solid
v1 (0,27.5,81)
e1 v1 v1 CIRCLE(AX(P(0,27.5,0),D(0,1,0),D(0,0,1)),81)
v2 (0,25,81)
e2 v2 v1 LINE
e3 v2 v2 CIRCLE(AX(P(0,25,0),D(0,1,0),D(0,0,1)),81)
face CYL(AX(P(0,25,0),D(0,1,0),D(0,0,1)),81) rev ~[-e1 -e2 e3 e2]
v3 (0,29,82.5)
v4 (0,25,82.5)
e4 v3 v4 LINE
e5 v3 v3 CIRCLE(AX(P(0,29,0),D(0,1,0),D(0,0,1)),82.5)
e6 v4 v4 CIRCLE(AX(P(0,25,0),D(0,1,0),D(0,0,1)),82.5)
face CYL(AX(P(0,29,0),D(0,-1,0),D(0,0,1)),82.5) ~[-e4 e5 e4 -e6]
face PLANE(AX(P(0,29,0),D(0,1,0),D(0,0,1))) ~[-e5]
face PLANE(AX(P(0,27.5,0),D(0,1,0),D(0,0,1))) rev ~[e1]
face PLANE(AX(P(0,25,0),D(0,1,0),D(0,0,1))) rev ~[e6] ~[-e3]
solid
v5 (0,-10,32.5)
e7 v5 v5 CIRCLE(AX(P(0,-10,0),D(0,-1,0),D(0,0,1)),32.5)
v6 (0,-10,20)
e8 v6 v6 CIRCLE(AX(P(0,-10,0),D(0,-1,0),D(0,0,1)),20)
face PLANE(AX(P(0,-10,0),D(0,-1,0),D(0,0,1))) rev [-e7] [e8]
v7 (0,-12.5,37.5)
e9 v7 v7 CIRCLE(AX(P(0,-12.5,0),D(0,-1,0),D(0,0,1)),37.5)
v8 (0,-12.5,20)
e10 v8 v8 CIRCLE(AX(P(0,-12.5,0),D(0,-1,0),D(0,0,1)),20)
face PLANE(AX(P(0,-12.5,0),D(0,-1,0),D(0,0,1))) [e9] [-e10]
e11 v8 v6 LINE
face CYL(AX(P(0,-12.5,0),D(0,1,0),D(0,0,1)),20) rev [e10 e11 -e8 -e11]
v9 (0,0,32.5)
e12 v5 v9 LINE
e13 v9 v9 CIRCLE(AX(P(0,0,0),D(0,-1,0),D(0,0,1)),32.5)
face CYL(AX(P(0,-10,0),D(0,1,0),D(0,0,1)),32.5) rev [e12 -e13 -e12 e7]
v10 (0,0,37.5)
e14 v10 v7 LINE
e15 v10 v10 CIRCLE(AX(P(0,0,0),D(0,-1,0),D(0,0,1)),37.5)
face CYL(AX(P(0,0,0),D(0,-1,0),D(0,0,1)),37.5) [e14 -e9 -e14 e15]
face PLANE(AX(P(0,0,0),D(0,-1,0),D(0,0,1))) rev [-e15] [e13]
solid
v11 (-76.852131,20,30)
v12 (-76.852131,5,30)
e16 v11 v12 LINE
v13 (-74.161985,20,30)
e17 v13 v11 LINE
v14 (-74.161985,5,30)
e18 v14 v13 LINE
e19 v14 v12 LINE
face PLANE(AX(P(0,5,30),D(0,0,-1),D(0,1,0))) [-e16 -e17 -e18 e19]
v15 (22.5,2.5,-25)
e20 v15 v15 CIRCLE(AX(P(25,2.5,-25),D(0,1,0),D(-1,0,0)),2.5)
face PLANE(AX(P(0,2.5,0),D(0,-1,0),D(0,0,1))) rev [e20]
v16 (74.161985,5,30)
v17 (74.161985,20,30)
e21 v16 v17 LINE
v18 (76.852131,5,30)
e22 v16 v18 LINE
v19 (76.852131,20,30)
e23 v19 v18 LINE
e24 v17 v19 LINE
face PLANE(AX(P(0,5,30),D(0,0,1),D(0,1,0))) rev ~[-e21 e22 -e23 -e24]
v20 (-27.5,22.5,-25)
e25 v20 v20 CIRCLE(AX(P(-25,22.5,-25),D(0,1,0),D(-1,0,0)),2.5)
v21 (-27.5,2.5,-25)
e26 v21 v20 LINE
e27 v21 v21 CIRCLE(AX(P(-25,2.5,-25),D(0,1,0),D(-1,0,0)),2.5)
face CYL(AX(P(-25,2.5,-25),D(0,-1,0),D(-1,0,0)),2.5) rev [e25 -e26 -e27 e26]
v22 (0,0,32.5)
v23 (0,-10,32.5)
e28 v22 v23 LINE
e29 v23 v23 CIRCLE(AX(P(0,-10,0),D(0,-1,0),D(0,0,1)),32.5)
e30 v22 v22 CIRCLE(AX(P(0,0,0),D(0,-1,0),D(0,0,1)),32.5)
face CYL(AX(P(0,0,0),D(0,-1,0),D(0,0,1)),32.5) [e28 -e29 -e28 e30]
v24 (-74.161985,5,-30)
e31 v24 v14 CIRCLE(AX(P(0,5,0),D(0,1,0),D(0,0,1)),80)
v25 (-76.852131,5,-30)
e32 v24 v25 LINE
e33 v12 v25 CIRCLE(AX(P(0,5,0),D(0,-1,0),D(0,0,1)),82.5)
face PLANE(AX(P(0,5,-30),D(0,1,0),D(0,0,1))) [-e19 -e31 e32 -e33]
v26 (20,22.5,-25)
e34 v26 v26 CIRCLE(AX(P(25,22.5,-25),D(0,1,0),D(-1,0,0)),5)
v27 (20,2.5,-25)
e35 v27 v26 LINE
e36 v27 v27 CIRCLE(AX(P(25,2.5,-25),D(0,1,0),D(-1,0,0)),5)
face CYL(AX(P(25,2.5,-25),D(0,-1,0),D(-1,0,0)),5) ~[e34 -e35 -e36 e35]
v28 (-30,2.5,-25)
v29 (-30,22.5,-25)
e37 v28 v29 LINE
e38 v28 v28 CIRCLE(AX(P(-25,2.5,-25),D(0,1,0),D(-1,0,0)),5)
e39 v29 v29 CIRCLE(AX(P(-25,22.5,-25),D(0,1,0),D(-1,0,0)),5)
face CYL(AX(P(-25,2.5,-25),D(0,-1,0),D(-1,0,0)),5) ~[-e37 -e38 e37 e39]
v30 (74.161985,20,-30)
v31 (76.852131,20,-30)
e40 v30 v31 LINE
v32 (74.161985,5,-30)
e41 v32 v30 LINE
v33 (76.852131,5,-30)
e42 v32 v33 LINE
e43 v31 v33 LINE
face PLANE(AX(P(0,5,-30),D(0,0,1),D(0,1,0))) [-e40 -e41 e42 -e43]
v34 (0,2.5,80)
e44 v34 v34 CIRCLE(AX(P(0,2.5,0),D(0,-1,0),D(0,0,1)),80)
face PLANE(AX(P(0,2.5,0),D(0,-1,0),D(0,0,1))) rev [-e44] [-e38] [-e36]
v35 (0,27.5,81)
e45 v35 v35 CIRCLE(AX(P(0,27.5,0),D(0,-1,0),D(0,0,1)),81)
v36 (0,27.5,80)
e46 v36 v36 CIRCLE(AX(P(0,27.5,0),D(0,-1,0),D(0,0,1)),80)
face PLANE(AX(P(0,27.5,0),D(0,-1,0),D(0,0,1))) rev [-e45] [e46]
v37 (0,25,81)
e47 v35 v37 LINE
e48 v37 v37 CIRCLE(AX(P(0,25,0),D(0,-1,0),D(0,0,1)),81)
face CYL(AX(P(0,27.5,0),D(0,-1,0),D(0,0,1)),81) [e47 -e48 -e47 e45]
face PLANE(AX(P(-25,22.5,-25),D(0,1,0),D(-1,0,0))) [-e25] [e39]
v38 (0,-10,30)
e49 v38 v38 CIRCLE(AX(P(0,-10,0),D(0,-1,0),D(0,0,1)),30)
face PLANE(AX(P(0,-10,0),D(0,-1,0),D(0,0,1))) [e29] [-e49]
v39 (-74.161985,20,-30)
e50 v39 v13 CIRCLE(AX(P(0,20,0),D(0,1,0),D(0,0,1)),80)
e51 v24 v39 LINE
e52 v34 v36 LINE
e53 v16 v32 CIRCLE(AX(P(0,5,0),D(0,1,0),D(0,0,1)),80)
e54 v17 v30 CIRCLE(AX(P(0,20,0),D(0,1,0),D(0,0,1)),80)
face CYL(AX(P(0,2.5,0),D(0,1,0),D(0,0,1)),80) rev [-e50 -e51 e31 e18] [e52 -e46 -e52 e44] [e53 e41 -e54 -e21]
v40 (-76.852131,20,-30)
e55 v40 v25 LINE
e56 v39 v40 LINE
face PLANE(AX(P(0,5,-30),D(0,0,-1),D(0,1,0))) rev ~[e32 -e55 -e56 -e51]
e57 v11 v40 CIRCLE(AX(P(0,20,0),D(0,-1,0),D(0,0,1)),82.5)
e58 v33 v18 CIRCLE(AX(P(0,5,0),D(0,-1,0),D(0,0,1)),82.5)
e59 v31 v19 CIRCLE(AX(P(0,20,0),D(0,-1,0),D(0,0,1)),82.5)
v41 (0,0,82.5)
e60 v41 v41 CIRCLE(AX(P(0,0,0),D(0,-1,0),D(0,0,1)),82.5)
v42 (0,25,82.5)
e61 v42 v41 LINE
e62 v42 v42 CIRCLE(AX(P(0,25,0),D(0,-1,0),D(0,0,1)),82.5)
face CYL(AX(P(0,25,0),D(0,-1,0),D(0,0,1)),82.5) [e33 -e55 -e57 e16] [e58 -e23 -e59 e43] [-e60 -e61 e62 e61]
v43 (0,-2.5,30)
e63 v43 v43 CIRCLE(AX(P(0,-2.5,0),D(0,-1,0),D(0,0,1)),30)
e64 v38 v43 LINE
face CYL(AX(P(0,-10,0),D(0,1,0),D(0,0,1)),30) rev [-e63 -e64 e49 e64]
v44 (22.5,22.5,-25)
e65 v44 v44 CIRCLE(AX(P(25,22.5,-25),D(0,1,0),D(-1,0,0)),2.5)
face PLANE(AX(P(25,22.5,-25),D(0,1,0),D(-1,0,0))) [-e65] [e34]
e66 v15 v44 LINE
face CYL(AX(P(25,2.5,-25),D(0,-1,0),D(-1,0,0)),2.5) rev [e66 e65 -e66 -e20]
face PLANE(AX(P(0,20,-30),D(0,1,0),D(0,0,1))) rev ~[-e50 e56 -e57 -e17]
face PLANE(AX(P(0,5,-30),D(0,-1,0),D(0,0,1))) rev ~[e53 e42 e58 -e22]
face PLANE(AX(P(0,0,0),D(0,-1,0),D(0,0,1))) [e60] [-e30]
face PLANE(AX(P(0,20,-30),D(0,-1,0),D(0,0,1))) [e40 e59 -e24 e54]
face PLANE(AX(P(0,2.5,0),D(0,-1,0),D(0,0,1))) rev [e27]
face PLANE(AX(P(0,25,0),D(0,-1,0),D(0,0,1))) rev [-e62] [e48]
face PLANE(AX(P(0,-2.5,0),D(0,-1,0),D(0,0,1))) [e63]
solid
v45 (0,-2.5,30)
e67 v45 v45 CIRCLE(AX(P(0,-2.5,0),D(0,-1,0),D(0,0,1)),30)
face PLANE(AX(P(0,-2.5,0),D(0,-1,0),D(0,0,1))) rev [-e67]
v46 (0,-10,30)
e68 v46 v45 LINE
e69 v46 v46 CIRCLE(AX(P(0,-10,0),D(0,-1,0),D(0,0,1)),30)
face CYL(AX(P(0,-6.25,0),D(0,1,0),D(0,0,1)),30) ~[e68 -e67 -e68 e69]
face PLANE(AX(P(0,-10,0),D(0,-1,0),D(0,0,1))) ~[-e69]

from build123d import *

# Parameters (mm, degrees)
F2_W          = 7.5
F2_H          = 30
F8_W          = 15
F8_H          = 60
F9_DEPTH      = 82.501
F9_DEPTH_BACK = 82.501
F10_R         = 5
F10_R_2       = 2.5
F11_DEPTH     = 20


with BuildPart() as f4:
    # F0 (on Right) → F4 (revolve)
    with BuildSketch(Plane.YZ):
        Polygon((-2.5, 0), (0, 0), (2.5, 0), (2.5, 80), (25, 80), (27.5, 80), (27.5, 81), (25, 81), (25, 82.5), (0, 82.5), (0, 32.5), (-10, 32.5), (-10, 30), (-2.5, 30), align=None)
    revolve(axis=Axis((0, -27.8425812721, 0), (0, -1, 0)))

    # F8 (on Right) → F9 (cut, two sides)
    with BuildSketch(Plane.YZ) as f9_sk:
        with Locations((12.5, 0)):
            Rectangle(F8_W, F8_H)
    extrude(amount=-F9_DEPTH, mode=Mode.SUBTRACT)
    extrude(f9_sk.sketch, amount=F9_DEPTH_BACK, mode=Mode.SUBTRACT)

    # F10 (on face) → F11 (join)
    with BuildSketch(Plane(origin=(0, 2.5, 0), x_dir=(-1, 0, 0), z_dir=(0, 1, 0))):
        with Locations((-25, -25)):
            Circle(F10_R)
        with Locations((-25, -25)):
            Circle(F10_R_2, mode=Mode.SUBTRACT)
        with Locations((25, -25)):
            Circle(F10_R)
        with Locations((25, -25)):
            Circle(F10_R_2, mode=Mode.SUBTRACT)
    extrude(amount=F11_DEPTH)


with BuildPart() as f5:
    # F1 (on Right) → F5 (revolve)
    with BuildSketch(Plane.YZ):
        Polygon((-10, 32.5), (0, 32.5), (0, 37.5), (-12.5, 37.5), (-12.5, 20), (-10, 20), align=None)
    revolve(axis=Axis((0, -42.0060493052, 0), (0, -1, 0)))


with BuildPart() as f6:
    # F3 (on Right) → F6 (revolve)
    with BuildSketch(Plane.YZ):
        Polygon((27.5, 79.2950615287), (27.5, 0), (29, 0), (29, 82.5), (25, 82.5), (25, 81), (27.5, 81), align=None)
    revolve(axis=Axis((0, 18.4876341373, 0), (0, 1, 0)))


with BuildPart() as f7:
    # F2 (on Right) → F7 (revolve)
    with BuildSketch(Plane.YZ):
        with Locations((-6.25, 15)):
            Rectangle(F2_W, F2_H)
    revolve(axis=Axis((0, -27.8425812721, 0), (0, -1, 0)))


solid = Compound([f4.part, f5.part, f6.part, f7.part])
